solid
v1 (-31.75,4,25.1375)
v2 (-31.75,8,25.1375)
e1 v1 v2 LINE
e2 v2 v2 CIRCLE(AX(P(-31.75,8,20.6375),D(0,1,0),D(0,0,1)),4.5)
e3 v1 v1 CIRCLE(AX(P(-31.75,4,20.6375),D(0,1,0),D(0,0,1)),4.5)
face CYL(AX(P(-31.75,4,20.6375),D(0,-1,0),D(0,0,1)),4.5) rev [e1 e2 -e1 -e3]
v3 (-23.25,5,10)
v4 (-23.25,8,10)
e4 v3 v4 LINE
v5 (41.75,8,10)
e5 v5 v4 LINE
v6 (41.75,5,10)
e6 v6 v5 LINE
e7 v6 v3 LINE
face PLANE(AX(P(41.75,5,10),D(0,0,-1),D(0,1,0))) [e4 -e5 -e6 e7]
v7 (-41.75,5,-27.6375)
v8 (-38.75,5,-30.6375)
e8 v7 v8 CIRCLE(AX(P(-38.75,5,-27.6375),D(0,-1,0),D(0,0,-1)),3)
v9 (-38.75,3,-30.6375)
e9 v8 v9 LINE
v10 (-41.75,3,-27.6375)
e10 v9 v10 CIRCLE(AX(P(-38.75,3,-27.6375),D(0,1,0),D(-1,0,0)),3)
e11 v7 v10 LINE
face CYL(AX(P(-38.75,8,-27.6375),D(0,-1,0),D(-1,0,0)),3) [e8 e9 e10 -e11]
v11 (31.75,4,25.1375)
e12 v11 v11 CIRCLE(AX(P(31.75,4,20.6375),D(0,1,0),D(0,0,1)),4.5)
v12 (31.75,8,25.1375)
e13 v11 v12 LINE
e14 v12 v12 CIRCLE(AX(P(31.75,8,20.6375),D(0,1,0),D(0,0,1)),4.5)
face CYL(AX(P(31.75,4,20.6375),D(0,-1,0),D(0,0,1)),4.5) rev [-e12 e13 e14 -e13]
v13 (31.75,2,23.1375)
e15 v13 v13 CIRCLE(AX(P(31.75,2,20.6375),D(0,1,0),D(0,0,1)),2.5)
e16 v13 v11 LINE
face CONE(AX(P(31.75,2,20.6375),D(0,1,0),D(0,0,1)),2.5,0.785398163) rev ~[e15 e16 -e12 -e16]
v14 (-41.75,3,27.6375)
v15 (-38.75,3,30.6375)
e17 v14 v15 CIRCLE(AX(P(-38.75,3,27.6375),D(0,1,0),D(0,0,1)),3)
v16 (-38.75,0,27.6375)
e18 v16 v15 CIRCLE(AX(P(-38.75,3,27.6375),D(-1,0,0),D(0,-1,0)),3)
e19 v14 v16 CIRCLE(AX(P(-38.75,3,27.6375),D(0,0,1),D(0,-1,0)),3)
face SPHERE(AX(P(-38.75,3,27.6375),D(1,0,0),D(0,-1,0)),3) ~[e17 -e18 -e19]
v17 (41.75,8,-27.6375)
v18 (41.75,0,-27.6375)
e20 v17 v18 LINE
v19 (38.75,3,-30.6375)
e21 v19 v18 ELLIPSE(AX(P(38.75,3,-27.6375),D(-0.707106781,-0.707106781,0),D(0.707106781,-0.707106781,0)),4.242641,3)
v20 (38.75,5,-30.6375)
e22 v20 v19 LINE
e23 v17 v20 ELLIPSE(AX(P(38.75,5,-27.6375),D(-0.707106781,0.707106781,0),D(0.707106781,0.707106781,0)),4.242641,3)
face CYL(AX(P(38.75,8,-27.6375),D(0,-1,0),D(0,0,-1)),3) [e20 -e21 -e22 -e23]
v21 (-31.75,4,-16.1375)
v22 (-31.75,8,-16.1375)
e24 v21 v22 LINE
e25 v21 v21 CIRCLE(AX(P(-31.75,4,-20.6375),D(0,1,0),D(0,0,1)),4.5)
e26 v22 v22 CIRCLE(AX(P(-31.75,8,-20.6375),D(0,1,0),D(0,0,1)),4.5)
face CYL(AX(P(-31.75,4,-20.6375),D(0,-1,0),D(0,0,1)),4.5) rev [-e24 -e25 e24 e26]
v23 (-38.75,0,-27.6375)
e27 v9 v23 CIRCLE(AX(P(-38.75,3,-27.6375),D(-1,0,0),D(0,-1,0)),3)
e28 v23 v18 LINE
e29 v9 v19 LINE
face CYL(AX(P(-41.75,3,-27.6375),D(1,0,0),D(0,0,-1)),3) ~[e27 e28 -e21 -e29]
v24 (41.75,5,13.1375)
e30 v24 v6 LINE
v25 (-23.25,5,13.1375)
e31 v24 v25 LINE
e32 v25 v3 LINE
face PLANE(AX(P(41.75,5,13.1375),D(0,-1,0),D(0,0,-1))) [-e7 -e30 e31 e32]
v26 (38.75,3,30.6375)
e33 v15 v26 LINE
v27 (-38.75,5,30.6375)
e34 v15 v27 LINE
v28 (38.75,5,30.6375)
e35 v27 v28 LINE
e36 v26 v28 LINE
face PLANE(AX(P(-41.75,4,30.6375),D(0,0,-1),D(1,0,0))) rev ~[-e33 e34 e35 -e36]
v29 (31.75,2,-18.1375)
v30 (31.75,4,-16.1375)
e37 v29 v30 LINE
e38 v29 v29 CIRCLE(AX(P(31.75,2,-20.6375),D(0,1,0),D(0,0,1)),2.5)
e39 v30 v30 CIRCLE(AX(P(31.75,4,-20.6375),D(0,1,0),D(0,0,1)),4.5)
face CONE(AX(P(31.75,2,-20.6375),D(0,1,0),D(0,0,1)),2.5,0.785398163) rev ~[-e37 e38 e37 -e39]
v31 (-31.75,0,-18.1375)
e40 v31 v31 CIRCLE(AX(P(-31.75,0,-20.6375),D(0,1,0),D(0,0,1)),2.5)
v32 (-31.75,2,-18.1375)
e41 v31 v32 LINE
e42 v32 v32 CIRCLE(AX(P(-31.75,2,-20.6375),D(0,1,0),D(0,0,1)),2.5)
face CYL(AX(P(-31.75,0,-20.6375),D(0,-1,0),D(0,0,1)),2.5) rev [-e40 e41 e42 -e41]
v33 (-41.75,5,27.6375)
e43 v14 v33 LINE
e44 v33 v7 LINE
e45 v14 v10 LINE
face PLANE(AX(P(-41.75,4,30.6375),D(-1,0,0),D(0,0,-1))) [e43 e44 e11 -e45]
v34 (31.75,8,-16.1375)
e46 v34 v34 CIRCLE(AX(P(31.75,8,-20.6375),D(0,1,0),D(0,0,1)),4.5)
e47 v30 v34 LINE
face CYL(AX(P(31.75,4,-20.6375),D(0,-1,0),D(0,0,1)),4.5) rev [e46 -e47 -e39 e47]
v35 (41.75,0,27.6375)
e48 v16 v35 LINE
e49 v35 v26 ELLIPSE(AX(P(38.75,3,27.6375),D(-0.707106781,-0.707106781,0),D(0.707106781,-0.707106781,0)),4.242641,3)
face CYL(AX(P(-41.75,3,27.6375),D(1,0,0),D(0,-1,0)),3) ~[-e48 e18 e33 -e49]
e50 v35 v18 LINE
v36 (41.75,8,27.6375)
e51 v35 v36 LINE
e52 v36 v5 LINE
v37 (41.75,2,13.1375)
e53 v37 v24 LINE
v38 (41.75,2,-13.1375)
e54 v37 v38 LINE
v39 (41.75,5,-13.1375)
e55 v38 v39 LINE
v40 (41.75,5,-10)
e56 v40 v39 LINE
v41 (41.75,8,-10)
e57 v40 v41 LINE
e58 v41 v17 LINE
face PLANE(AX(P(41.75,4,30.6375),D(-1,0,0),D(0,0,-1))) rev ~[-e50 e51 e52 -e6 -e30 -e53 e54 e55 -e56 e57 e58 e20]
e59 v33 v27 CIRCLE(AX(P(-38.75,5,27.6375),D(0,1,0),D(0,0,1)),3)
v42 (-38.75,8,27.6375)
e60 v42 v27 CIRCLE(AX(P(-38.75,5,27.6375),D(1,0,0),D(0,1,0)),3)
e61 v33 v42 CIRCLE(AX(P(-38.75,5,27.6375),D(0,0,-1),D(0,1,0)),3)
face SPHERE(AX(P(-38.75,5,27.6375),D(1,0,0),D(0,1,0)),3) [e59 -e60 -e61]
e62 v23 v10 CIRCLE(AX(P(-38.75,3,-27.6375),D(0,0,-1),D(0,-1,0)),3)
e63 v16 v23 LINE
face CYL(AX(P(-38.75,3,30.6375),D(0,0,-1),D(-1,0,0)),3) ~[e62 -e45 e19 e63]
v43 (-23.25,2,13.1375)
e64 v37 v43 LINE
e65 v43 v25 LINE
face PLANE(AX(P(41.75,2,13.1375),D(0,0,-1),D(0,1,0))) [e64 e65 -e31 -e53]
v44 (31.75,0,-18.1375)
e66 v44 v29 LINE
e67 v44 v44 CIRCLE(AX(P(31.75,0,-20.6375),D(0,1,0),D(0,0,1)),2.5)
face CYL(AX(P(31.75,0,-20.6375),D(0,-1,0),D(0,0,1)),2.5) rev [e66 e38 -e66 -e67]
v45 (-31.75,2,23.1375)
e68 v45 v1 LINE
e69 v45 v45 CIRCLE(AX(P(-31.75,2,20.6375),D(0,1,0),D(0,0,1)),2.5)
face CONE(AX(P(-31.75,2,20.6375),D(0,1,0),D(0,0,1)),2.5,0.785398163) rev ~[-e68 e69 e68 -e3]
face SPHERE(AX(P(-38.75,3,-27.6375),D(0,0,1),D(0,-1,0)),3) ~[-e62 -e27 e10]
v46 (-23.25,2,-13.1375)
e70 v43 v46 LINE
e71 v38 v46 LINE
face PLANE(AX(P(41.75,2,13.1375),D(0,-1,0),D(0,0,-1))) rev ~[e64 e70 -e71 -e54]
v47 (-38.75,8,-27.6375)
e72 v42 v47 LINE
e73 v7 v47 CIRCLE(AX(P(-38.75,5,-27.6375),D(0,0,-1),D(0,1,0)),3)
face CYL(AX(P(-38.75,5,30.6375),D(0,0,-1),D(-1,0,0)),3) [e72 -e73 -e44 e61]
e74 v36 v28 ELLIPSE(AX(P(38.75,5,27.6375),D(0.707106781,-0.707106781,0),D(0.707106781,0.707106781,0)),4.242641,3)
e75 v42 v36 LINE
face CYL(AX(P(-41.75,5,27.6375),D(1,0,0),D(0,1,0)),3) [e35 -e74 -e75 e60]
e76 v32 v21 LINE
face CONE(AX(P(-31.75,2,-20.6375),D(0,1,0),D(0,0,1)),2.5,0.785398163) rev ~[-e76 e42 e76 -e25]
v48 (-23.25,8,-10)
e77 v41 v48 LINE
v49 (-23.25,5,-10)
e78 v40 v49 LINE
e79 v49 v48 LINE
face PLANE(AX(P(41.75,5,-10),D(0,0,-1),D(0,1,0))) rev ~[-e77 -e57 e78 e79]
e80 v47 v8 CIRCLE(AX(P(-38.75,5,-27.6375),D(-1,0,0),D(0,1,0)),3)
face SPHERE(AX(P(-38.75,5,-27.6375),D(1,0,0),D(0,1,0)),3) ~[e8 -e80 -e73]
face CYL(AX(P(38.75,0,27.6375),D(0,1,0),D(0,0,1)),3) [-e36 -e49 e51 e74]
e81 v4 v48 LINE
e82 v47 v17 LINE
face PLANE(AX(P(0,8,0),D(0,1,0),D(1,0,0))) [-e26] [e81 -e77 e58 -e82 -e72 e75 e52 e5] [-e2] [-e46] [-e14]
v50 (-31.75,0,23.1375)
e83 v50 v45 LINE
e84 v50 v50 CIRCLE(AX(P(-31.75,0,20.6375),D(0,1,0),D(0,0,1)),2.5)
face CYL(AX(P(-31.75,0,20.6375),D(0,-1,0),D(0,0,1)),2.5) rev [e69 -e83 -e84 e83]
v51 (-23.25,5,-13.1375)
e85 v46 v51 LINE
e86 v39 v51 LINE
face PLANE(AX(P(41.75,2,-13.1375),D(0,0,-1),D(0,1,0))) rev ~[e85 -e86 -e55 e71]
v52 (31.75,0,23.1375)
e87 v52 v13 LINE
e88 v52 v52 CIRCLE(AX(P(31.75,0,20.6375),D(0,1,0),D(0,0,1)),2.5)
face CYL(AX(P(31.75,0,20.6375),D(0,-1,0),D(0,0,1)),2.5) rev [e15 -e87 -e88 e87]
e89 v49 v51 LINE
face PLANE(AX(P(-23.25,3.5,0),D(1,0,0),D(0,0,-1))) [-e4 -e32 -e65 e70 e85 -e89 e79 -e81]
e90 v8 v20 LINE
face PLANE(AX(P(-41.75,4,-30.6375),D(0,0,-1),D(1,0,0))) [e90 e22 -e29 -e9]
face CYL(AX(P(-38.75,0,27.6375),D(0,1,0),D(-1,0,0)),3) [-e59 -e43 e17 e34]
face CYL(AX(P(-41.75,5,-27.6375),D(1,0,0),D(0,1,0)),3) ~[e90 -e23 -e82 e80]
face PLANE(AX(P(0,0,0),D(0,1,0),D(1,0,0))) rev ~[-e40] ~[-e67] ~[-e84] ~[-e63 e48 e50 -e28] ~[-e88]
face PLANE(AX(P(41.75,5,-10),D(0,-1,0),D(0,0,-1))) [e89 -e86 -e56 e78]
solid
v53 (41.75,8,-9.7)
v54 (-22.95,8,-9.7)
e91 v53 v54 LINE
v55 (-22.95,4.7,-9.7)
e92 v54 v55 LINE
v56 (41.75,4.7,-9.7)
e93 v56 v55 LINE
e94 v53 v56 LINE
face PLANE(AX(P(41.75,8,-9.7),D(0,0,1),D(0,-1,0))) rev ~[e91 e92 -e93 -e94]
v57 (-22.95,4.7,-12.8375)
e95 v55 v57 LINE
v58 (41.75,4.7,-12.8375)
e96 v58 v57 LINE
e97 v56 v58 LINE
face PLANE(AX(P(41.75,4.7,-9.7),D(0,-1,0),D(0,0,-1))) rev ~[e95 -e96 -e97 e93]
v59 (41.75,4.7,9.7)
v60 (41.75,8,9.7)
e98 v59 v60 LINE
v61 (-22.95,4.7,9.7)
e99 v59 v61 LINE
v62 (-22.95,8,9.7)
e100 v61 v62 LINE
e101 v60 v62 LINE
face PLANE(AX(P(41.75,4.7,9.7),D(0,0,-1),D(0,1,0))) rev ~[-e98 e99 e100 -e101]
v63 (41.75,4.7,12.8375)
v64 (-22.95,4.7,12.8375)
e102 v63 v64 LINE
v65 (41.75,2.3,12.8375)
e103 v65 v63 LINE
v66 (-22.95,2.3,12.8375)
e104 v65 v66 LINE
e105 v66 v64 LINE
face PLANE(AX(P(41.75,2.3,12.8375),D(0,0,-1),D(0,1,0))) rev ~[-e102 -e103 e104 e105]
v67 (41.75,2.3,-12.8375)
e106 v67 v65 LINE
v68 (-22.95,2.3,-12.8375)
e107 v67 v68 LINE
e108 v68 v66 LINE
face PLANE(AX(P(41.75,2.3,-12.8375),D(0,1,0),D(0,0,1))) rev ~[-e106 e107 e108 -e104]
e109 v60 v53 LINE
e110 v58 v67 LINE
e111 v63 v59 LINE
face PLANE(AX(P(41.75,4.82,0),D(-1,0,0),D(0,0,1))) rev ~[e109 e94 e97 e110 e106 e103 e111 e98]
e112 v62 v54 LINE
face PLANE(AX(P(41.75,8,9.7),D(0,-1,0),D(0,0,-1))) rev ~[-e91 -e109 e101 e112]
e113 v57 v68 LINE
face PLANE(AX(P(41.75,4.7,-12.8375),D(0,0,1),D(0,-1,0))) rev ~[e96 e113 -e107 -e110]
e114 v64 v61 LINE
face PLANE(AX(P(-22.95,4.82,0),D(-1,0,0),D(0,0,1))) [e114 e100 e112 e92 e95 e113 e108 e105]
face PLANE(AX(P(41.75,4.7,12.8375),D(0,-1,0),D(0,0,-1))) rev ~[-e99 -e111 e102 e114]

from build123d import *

# Parameters (mm, degrees)
SKETCH1_W           = 83.5
SKETCH1_H           = 61.275
SKETCH1_R           = 2.5
BOSS_EXTRUDE1_DEPTH = 4
CHAMFER1_SIZE       = 2
SKETCH3_W           = 83.5
SKETCH3_H           = 61.275
SKETCH3_R           = 4.5
BOSS_EXTRUDE2_DEPTH = 4
SKETCH4_W           = 26.275
SKETCH4_H           = 3
SKETCH4_W_2         = 20
CUT_EXTRUDE1_DEPTH  = 65
BOSS_EXTRUDE3_DEPTH = 64.7
FILLET1_R           = 3


with BuildPart() as part:
    # Sketch1 → Boss-Extrude1 (new body)
    with BuildSketch(Plane(origin=(0, 0, 0), x_dir=(1, 0, 0), z_dir=(0, 1, 0))):
        Rectangle(SKETCH1_W, SKETCH1_H)
        with Locations(Location((-31.75, 20.6375, 0), (0, 0, 270))):
            Circle(SKETCH1_R, mode=Mode.SUBTRACT)
        with Locations(Location((-31.75, -20.6375, 0), (0, 0, 270))):
            Circle(SKETCH1_R, mode=Mode.SUBTRACT)
        with Locations(Location((31.75, -20.6375, 0), (0, 0, 270))):
            Circle(SKETCH1_R, mode=Mode.SUBTRACT)
        with Locations(Location((31.75, 20.6375, 0), (0, 0, 270))):
            Circle(SKETCH1_R, mode=Mode.SUBTRACT)
    extrude(amount=BOSS_EXTRUDE1_DEPTH)

    # Chamfer1
    chamfer1_edges = [part.edges().sort_by_distance(p)[0] for p in [
        (-31.75, 4, -23.1375),
        (-31.75, 4, 18.1375),
        (31.75, 4, 18.1375),
        (31.75, 4, -23.1375),
    ]]
    chamfer(chamfer1_edges, length=CHAMFER1_SIZE)

    # Sketch3 → Boss-Extrude2 (add)
    with BuildSketch(Plane(origin=(0, 4, 0), x_dir=(1, 0, 0), z_dir=(0, 1, 0))):
        Rectangle(SKETCH3_W, SKETCH3_H)
        with Locations(Location((31.75, 20.6375, 0), (0, 0, 270))):
            Circle(SKETCH3_R, mode=Mode.SUBTRACT)
        with Locations(Location((31.75, -20.6375, 0), (0, 0, 270))):
            Circle(SKETCH3_R, mode=Mode.SUBTRACT)
        with Locations(Location((-31.75, -20.6375, 0), (0, 0, 270))):
            Circle(SKETCH3_R, mode=Mode.SUBTRACT)
        with Locations(Location((-31.75, 20.6375, 0), (0, 0, 270))):
            Circle(SKETCH3_R, mode=Mode.SUBTRACT)
    extrude(amount=BOSS_EXTRUDE2_DEPTH)

    # Sketch4 → Cut-Extrude1 (cut)
    with BuildSketch(Plane(origin=(41.75, 0, 0), x_dir=(0, 0, -1), z_dir=(1, 0, 0))):
        with Locations((0, 3.5)):
            Rectangle(SKETCH4_W, SKETCH4_H)
        with Locations((0, 6.5)):
            Rectangle(SKETCH4_W_2, SKETCH4_H)
    extrude(amount=-CUT_EXTRUDE1_DEPTH, mode=Mode.SUBTRACT)

    # Fillet1
    fillet1_edges = [part.edges().sort_by_distance(p)[0] for p in [
        (0, 8, 30.6375),
        (0, 8, -30.6375),
        (-41.75, 8, 0),
        (0, 0, 30.6375),
        (-41.75, 0, 0),
        (0, 0, -30.6375),
        (41.75, 4, 30.6375),
        (-41.75, 4, 30.6375),
        (-41.75, 4, -30.6375),
        (41.75, 4, -30.6375),
    ]]
    fillet(fillet1_edges, radius=FILLET1_R)


with BuildPart() as body_2:
    # Sketch5 → Boss-Extrude3 (new body)
    with BuildSketch(Plane(origin=(41.75, 0, 0), x_dir=(0, 0, -1), z_dir=(1, 0, 0))):
        Polygon((-9.7, 8), (9.7, 8), (9.7, 4.7), (12.8375, 4.7), (12.8375, 2.3), (-12.8375, 2.3), (-12.8375, 4.7), (-9.7, 4.7), align=None)
    extrude(amount=-BOSS_EXTRUDE3_DEPTH)


solid = Compound([part.part, body_2.part])
